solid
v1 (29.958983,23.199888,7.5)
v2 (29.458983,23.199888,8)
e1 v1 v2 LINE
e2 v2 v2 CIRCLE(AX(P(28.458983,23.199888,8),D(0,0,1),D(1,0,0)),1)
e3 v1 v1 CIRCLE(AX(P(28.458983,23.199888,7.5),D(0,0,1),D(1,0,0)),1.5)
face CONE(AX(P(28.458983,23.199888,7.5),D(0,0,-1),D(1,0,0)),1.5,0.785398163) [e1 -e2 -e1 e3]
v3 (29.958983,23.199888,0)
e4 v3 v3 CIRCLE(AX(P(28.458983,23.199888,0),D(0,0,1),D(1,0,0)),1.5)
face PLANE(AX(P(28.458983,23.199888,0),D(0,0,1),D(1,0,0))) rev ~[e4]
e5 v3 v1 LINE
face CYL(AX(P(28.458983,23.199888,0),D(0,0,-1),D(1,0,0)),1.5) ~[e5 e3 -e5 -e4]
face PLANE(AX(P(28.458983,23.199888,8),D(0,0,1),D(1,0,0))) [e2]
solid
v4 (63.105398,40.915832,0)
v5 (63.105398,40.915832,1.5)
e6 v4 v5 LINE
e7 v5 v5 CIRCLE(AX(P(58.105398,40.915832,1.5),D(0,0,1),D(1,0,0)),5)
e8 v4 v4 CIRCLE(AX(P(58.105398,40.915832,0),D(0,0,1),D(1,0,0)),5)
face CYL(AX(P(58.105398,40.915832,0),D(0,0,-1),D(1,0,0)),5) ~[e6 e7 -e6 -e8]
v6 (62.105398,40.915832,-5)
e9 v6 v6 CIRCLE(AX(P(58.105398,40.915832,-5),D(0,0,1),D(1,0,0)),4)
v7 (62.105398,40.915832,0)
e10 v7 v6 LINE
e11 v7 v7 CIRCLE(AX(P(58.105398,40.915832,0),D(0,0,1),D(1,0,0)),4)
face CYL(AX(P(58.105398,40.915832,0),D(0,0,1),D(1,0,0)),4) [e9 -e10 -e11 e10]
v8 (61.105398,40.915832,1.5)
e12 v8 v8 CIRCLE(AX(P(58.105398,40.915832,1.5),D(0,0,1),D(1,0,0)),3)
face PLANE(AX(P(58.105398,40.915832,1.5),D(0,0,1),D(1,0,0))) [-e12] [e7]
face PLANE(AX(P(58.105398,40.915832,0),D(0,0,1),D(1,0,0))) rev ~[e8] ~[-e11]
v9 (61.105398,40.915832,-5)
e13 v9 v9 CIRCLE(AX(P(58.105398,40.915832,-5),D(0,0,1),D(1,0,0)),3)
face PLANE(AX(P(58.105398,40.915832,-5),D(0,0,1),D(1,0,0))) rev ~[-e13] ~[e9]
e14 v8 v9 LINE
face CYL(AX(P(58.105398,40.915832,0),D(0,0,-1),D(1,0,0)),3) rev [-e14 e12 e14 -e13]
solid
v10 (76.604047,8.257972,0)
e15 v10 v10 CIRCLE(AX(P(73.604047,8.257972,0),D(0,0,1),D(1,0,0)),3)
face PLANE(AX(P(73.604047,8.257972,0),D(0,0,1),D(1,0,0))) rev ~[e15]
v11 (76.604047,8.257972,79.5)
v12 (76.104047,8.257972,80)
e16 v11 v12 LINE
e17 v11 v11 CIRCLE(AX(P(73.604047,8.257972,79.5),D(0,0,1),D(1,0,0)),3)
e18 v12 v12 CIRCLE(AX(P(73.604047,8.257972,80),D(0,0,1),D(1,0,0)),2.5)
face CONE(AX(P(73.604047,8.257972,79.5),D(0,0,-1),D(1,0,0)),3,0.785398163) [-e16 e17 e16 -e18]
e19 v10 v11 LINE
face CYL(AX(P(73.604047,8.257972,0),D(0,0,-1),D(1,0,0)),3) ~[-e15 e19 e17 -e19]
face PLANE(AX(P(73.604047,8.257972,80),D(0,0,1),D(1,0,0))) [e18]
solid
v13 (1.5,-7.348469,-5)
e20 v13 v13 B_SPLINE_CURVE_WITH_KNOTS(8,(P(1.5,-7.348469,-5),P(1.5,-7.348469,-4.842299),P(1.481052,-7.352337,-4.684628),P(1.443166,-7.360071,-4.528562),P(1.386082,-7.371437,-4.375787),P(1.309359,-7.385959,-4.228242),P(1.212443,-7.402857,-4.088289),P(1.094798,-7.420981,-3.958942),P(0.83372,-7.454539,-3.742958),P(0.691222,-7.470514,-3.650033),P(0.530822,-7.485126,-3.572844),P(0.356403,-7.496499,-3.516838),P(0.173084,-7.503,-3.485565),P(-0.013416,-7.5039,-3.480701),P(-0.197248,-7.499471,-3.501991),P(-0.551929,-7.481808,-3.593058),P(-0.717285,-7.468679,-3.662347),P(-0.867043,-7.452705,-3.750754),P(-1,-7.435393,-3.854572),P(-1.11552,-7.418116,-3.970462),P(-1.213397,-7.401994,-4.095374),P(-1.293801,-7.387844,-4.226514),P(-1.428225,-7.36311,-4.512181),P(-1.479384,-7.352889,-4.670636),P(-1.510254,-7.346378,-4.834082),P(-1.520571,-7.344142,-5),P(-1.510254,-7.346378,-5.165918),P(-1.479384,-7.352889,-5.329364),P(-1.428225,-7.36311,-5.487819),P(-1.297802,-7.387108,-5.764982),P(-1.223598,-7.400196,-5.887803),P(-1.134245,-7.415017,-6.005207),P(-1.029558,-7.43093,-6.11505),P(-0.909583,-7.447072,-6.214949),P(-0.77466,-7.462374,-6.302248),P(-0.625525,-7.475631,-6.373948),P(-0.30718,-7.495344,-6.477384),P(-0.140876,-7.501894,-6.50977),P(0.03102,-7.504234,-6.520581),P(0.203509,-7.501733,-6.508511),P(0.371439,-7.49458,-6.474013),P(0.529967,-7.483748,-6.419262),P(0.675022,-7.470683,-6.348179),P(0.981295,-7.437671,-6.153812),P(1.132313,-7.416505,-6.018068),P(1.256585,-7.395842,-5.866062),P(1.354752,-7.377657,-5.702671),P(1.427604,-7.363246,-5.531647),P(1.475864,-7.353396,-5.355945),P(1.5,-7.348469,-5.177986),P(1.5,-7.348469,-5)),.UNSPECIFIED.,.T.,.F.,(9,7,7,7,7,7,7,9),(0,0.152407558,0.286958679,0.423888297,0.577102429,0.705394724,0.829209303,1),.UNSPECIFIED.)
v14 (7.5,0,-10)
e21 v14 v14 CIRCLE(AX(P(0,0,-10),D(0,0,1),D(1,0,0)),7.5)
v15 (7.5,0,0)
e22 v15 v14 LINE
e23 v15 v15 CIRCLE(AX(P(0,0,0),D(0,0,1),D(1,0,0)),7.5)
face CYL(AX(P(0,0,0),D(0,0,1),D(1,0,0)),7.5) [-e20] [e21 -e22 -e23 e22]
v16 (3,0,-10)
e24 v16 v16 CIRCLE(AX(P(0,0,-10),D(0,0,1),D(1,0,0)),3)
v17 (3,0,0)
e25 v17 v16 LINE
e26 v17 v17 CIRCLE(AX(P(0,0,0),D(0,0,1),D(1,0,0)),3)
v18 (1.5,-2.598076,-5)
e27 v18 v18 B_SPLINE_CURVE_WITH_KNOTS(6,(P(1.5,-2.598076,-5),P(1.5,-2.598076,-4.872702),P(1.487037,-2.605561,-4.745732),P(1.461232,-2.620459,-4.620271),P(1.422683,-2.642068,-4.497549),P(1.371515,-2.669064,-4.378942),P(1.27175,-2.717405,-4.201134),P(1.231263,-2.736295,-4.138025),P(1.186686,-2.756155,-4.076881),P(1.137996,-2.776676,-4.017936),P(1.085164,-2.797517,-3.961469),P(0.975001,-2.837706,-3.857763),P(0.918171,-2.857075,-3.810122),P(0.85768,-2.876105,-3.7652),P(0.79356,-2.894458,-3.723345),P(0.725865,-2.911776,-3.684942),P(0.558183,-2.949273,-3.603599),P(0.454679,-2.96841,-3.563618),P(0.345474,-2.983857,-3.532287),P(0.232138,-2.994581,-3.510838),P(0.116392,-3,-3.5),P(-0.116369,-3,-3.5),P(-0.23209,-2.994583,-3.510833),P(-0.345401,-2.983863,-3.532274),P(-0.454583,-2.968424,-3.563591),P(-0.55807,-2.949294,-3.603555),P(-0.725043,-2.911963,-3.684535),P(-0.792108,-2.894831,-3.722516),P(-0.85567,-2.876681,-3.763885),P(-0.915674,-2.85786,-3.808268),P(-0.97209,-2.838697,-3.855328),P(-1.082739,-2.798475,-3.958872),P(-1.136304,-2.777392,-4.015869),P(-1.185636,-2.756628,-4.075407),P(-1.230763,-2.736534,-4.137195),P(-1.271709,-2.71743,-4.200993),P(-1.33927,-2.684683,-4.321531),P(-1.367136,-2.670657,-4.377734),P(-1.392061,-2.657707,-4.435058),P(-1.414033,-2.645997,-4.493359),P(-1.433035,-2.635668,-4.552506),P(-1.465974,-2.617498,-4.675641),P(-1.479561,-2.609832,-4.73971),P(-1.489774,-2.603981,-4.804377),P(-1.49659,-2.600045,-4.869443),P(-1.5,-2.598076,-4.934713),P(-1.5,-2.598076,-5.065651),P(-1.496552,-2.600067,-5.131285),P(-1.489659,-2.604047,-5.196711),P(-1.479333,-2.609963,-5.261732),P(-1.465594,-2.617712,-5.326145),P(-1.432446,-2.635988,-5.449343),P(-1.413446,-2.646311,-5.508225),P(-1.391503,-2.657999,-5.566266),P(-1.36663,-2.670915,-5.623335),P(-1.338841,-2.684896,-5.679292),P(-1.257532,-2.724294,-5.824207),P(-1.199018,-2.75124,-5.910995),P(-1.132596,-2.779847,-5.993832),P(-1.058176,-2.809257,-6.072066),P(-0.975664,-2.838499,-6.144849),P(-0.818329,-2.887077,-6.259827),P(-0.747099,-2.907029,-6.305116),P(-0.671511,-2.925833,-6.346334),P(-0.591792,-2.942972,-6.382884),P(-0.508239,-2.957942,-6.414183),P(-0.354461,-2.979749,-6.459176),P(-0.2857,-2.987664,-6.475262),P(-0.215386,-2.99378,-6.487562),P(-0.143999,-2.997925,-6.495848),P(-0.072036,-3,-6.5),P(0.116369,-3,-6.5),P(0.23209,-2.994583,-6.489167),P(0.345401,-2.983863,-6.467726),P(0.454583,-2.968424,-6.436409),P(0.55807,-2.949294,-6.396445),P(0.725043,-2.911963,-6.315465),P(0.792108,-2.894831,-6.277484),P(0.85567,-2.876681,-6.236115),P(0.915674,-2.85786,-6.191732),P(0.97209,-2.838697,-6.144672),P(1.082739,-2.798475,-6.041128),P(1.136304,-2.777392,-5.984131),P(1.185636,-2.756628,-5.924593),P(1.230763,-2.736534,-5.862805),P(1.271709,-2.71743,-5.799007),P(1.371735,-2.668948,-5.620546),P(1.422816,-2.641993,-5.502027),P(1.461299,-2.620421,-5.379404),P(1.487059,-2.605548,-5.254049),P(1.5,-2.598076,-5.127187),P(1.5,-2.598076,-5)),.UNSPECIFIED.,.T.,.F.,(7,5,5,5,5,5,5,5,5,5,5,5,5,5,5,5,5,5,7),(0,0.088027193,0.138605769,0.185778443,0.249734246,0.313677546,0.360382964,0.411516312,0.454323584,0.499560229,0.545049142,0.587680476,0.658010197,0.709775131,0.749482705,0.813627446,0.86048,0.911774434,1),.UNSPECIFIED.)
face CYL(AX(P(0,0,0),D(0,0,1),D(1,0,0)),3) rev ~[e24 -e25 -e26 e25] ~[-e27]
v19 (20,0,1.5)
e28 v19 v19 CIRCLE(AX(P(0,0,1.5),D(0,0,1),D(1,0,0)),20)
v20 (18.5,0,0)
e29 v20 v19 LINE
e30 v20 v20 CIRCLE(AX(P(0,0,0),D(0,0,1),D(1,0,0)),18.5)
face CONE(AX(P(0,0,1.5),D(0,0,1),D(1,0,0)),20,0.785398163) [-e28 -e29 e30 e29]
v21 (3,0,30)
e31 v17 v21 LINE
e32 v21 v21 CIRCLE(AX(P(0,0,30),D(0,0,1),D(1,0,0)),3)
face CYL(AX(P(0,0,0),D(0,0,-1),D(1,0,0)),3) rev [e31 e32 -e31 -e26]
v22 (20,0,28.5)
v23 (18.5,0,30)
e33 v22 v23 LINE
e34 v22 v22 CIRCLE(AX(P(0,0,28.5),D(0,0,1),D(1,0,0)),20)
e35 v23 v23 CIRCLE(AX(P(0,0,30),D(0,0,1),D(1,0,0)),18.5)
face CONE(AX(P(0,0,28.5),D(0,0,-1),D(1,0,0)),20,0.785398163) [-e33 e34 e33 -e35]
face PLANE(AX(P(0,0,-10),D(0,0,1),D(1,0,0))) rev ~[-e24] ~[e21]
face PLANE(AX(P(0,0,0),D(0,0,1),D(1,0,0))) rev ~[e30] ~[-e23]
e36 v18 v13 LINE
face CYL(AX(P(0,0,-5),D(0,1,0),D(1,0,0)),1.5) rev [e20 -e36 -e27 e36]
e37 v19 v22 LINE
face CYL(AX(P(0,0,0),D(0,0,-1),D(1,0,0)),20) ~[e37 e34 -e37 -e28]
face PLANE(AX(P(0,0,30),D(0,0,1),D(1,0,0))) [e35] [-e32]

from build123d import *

# Parameters (mm, degrees)
F0_R      = 20
F0_R_2    = 7.5
F0_R_3    = 3
F1_DEPTH  = 30
F2_DEPTH  = 10
F3_SIZE   = 1.5
F4_R      = 1.5
F5_DEPTH  = 8.5000001262
F6_DEPTH  = 80
F7_SIZE   = 0.5
F0_R_4    = 4
F8_DEPTH  = 5
F0_R_5    = 5
F9_DEPTH  = 1.5
F0_R_6    = 1.5
F10_DEPTH = 8
F11_SIZE  = 0.5


with BuildPart() as f1:
    # F0 (on Top) → F1 (new body)
    with BuildSketch(Plane.XY):
        Circle(F0_R)
        Circle(F0_R_2, mode=Mode.SUBTRACT)
        Circle(F0_R_2)
        Circle(F0_R_3, mode=Mode.SUBTRACT)
    extrude(amount=F1_DEPTH)

    # F0 (on Top) → F2 (join)
    with BuildSketch(Plane.XY):
        Circle(F0_R_2)
        Circle(F0_R_3, mode=Mode.SUBTRACT)
    extrude(amount=-F2_DEPTH)

    # F3
    f3_edges = [f1.edges().sort_by_distance(p)[0] for p in [
        (-20, 0, 30),
        (-20, 0, 0),
    ]]
    chamfer(f3_edges, length=F3_SIZE)

    # F4 (on Front) → F5 (cut, up to face)
    with BuildSketch(Plane.XZ):
        with Locations((0, -5)):
            Circle(F4_R)
    extrude(amount=F5_DEPTH, mode=Mode.SUBTRACT)


with BuildPart() as f6:
    # F0 (on Top) → F6 (new body)
    with BuildSketch(Plane.XY):
        with Locations((73.6040472984, 8.2579720765)):
            Circle(F0_R_3)
    extrude(amount=F6_DEPTH)

    # F7
    f7_edges = [f6.edges().sort_by_distance(p)[0] for p in [
        (70.604047, 8.257972, 80),
    ]]
    chamfer(f7_edges, length=F7_SIZE)


with BuildPart() as f8:
    # F0 (on Top) → F8 (new body)
    with BuildSketch(Plane.XY):
        with Locations((58.1053979695, 40.9158319235)):
            Circle(F0_R_4)
        with Locations((58.1053979695, 40.9158319235)):
            Circle(F0_R_3, mode=Mode.SUBTRACT)
    extrude(amount=-F8_DEPTH)

    # F0 (on Top) → F9 (join)
    with BuildSketch(Plane.XY):
        with Locations((58.1053979695, 40.9158319235)):
            Circle(F0_R_5)
        with Locations((58.1053979695, 40.9158319235)):
            Circle(F0_R_4, mode=Mode.SUBTRACT)
        with Locations((58.1053979695, 40.9158319235)):
            Circle(F0_R_4)
        with Locations((58.1053979695, 40.9158319235)):
            Circle(F0_R_3, mode=Mode.SUBTRACT)
    extrude(amount=F9_DEPTH)


with BuildPart() as f10:
    # F0 (on Top) → F10 (new body)
    with BuildSketch(Plane.XY):
        with Locations((28.4589827061, 23.1998879462)):
            Circle(F0_R_6)
    extrude(amount=F10_DEPTH)

    # F11
    f11_edges = [f10.edges().sort_by_distance(p)[0] for p in [
        (26.958983, 23.199888, 8),
    ]]
    chamfer(f11_edges, length=F11_SIZE)


solid = Compound([f1.part, f6.part, f8.part, f10.part])
